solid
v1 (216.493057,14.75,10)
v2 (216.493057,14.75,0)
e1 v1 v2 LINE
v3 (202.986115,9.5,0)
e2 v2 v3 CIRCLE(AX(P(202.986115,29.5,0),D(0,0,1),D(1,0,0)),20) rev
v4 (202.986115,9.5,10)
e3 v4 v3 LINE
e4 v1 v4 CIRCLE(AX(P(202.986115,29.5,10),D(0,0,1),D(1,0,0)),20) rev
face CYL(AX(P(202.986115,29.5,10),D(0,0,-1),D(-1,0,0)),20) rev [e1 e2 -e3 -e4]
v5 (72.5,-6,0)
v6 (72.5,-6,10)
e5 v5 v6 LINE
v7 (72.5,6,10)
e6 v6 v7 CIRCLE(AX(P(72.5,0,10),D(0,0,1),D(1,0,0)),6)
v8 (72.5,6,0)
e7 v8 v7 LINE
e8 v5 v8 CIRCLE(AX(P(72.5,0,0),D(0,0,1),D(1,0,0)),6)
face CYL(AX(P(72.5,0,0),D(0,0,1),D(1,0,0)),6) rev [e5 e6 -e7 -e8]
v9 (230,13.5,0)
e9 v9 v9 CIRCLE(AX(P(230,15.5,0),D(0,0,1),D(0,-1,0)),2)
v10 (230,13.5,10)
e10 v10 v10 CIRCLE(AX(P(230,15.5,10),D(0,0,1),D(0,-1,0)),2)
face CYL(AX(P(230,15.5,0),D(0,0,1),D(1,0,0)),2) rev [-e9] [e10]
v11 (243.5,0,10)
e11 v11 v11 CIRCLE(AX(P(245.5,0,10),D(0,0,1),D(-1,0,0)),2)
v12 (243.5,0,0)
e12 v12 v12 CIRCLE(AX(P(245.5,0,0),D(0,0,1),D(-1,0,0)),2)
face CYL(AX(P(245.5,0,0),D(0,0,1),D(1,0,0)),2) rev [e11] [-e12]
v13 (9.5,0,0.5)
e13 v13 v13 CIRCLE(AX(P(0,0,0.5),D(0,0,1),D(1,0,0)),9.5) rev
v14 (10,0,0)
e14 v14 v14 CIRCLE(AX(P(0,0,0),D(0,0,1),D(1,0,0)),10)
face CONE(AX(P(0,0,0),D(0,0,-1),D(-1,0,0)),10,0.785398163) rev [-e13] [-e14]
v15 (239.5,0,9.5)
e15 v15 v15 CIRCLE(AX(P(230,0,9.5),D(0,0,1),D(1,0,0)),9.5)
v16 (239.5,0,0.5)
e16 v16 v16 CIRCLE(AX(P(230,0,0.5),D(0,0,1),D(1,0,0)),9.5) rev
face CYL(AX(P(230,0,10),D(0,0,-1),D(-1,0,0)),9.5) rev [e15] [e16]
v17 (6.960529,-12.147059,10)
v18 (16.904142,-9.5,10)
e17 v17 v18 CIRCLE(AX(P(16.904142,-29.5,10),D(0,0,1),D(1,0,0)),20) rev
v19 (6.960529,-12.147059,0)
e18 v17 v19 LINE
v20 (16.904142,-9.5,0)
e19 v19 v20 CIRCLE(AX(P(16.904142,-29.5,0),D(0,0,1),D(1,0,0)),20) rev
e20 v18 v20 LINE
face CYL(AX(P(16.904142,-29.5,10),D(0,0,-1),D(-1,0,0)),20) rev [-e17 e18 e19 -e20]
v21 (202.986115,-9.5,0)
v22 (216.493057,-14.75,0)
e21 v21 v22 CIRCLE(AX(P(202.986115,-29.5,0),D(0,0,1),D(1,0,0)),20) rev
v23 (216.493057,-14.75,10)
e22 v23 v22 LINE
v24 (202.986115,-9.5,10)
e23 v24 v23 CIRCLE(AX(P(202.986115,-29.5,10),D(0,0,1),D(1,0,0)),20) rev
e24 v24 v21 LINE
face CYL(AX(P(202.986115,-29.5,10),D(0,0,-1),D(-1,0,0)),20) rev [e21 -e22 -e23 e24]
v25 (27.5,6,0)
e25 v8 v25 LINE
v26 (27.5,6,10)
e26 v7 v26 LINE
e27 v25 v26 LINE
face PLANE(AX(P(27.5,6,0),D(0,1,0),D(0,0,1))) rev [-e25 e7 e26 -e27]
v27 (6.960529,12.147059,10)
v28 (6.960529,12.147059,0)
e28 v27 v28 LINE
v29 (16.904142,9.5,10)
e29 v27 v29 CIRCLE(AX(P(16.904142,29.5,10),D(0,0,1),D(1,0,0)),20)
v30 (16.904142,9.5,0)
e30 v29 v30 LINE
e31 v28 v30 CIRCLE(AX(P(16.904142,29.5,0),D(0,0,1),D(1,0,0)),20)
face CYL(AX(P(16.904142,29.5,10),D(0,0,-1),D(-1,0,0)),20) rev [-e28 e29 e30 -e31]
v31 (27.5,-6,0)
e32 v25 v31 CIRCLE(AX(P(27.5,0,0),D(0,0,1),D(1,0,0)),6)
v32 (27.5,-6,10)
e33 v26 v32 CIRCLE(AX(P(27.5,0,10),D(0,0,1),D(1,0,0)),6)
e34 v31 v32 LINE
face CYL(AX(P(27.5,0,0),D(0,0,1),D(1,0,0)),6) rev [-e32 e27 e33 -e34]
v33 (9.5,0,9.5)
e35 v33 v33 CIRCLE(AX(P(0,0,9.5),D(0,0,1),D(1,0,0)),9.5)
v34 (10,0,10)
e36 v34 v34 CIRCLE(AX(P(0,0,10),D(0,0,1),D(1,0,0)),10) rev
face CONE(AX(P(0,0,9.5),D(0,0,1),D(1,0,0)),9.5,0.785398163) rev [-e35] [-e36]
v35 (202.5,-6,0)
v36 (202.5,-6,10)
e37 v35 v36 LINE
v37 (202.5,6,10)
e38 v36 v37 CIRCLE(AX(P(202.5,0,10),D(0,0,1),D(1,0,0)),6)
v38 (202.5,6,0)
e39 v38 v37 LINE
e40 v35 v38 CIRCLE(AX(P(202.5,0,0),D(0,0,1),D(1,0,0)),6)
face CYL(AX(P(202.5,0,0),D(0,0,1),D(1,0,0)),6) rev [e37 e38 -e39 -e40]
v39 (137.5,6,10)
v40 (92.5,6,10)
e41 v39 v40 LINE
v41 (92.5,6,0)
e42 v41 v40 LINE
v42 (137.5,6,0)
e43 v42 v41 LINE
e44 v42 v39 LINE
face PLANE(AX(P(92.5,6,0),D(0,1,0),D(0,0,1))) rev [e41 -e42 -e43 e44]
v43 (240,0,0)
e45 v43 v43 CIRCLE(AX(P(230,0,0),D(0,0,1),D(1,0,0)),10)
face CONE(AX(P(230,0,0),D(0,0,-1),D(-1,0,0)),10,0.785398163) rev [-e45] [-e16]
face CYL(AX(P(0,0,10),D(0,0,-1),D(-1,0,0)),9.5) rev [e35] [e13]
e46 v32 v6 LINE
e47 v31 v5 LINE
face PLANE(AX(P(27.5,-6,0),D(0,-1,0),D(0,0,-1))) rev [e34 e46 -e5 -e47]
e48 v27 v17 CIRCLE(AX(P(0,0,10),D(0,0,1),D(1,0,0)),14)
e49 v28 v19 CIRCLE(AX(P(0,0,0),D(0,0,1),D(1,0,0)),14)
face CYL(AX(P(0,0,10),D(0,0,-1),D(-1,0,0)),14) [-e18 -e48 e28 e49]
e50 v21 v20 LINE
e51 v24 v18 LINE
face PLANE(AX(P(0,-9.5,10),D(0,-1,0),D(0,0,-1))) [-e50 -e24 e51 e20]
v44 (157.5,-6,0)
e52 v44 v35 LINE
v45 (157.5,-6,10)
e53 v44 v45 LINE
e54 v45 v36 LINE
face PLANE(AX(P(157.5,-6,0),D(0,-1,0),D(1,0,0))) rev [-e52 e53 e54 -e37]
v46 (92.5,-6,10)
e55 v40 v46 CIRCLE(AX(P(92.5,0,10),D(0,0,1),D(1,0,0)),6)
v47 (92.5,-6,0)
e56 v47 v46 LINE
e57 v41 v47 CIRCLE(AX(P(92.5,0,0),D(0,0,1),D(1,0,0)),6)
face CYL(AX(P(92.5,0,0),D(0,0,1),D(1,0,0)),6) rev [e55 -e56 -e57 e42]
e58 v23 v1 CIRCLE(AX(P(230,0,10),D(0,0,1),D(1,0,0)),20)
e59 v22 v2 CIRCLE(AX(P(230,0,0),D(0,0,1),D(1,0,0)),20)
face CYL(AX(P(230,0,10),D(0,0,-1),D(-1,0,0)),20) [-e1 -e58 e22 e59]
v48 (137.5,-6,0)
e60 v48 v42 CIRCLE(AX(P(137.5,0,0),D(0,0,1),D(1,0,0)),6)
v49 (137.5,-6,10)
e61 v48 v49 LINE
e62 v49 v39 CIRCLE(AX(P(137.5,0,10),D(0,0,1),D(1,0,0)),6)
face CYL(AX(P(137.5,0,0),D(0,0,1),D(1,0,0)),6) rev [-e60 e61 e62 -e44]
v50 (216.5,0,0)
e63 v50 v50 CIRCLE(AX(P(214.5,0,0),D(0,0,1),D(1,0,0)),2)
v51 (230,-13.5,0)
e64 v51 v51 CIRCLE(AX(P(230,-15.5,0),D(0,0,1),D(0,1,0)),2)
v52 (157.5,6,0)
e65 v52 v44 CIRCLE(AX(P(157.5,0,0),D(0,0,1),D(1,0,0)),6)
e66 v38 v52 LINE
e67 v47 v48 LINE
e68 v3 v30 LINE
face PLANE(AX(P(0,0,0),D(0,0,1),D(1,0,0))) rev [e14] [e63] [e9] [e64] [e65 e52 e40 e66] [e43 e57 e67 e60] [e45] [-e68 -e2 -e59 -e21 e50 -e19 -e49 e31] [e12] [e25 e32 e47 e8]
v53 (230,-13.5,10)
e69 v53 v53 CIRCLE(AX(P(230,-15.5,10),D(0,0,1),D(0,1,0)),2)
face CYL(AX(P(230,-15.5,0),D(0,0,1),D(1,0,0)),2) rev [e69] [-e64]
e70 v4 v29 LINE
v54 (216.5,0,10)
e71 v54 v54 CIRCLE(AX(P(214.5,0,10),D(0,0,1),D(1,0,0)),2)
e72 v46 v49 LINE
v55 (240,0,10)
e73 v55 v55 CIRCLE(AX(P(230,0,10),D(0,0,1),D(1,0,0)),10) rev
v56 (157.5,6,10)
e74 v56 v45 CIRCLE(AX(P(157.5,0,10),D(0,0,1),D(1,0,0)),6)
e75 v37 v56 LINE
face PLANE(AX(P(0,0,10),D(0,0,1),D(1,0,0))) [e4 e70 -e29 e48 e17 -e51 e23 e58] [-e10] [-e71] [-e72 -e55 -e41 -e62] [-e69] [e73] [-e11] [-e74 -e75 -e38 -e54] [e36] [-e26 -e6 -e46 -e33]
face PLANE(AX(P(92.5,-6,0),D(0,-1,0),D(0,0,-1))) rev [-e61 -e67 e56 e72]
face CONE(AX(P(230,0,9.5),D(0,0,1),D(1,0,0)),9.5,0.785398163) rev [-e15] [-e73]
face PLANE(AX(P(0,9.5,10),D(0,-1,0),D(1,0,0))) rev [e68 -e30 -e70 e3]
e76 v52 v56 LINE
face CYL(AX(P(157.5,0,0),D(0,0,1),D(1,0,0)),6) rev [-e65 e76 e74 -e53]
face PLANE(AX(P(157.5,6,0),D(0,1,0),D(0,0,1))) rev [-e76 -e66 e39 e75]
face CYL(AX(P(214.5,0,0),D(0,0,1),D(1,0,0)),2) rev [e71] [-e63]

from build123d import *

# Parameters (mm, degrees)
SKETCH_1_R               = 9.5
EXTRUDE_2_DEPTH          = 10
CHAMFER_1_SIZE           = 0.5
CUT_EXTRUDE_1_DEPTH      = 10
SKETCH_3_R               = 2
CUT_EXTRUDE_2_DEPTH      = 10
CHAMFER_2_SIZE           = 0.5
SKETCH_5_R               = 2
CUT_EXTRUDE_3_DEPTH      = 10
CHAMFER_3_SIZE           = 0.5
SKETCH_9_R               = 2
EXTRUDE_3_DEPTH          = 10
CUT_EXTRUDE_6_DEPTH      = 10
PATTERN_CIRCULAR_2_COUNT = 4


with BuildPart() as part:
    # 草图1 → 凸台-拉伸2 (new body)
    with BuildSketch(Plane.XY):
        with BuildLine():
            Line((20.821645942, -9.5), (202.986114682, -9.5))
            ThreePointArc((202.986114682, -9.5), (210.231803055, -10.858648118), (216.493057341, -14.75))
            ThreePointArc((216.493057341, -14.75), (250, 0), (216.493057341, 14.75))
            ThreePointArc((216.493057341, 14.75), (210.231803055, 10.858648118), (202.986114682, 9.5))
            Line((202.986114682, 9.5), (21.63860854, 9.5))
            Line((21.63860854, 9.5), (16.904141504, 9.5))
            ThreePointArc((16.904141504, 9.5), (11.75918395, 10.173090993), (6.960528855, 12.147058824))
            ThreePointArc((6.960528855, 12.147058824), (3.490452231, 13.557903349), (-0.229510749, 13.998118617))
            ThreePointArc((-0.229510749, 13.998118617), (-13.878745314, -1.838594167), (3.423256182, -13.575025492))
            ThreePointArc((3.423256182, -13.575025492), (5.240755683, -12.982083033), (6.960528855, -12.147058824))
            ThreePointArc((6.960528855, -12.147058824), (11.75918395, -10.173090993), (16.904141504, -9.5))
            Line((16.904141504, -9.5), (20.821645942, -9.5))
        make_face()
        Circle(SKETCH_1_R, mode=Mode.SUBTRACT)
        with Locations((230, 0)):
            Circle(SKETCH_1_R, mode=Mode.SUBTRACT)
    extrude(amount=EXTRUDE_2_DEPTH)

    # 倒角1
    chamfer_1_edges = [part.edges().sort_by_distance(p)[0] for p in [
        (-9.5, 0, 10),
        (-9.5, 0, 0),
    ]]
    chamfer(chamfer_1_edges, length=CHAMFER_1_SIZE)

    # 草图2 → 切除-拉伸1 (cut)
    with BuildSketch(Plane.XY.offset(10)):
        with BuildLine():
            Line((92.5, -6), (137.5, -6))
            ThreePointArc((137.5, -6), (143.5, 0), (137.5, 6))
            Line((137.5, 6), (92.5, 6))
            ThreePointArc((92.5, 6), (86.5, 0), (92.5, -6))
        make_face()
        with BuildLine():
            Line((157.5, -6), (202.5, -6))
            ThreePointArc((202.5, -6), (208.5, 0), (202.5, 6))
            Line((202.5, 6), (157.5, 6))
            ThreePointArc((157.5, 6), (151.5, 0), (157.5, -6))
        make_face()
        with BuildLine():
            Line((27.5, -6), (72.5, -6))
            ThreePointArc((72.5, -6), (78.5, 0), (72.5, 6))
            Line((72.5, 6), (27.5, 6))
            ThreePointArc((27.5, 6), (21.5, 0), (27.5, -6))
        make_face()
    extrude(amount=-CUT_EXTRUDE_1_DEPTH, mode=Mode.SUBTRACT)

    # 草图3 → 切除-拉伸2 (cut)
    with BuildSketch(Plane.XY.offset(10)):
        with Locations((222.5, 12.990381057)):
            Circle(SKETCH_3_R)
        with Locations((237.5, 12.990381057)):
            Circle(SKETCH_3_R)
        with Locations((245, 0)):
            Circle(SKETCH_3_R)
    extrude(amount=-CUT_EXTRUDE_2_DEPTH, mode=Mode.SUBTRACT)

    # 倒角2
    chamfer_2_edges = [part.edges().sort_by_distance(p)[0] for p in [
        (220.5, 0, 10),
    ]]
    chamfer(chamfer_2_edges, length=CHAMFER_2_SIZE)

    # 草图5 → 切除-拉伸3 (cut)
    with BuildSketch(Plane.XY.offset(10)):
        with Locations((215, 0)):
            Circle(SKETCH_5_R)
        with Locations((222.5, -12.990381057)):
            Circle(SKETCH_5_R)
        with Locations((237.5, -12.990381057)):
            Circle(SKETCH_5_R)
    extrude(amount=-CUT_EXTRUDE_3_DEPTH, mode=Mode.SUBTRACT)

    # 倒角3
    chamfer_3_edges = [part.edges().sort_by_distance(p)[0] for p in [
        (220.5, 0, 0),
    ]]
    chamfer(chamfer_3_edges, length=CHAMFER_3_SIZE)

    # 草图9 → 凸台-拉伸3 (add)
    with BuildSketch(Plane.XY.offset(10)):
        with Locations((215, 0)):
            Circle(SKETCH_9_R)
        with Locations((222.5, 12.990381057)):
            Circle(SKETCH_9_R)
        with Locations((237.5, 12.990381057)):
            Circle(SKETCH_9_R)
        with Locations((245, 0)):
            Circle(SKETCH_9_R)
        with Locations((237.5, -12.990381057)):
            Circle(SKETCH_9_R)
        with Locations((222.5, -12.990381057)):
            Circle(SKETCH_9_R)
    extrude(amount=-EXTRUDE_3_DEPTH)

    # 草图10 → 切除-拉伸6 (cut)
    with BuildSketch(Plane.XY.offset(10)):
        with BuildLine():
            ThreePointArc((214.629032258, -1.995833329), (215.959120371, -1.367833229), (216.5, 0))
            ThreePointArc((216.5, 0), (215.959120371, 1.367833229), (214.629032258, 1.995833329))
            ThreePointArc((214.629032258, 1.995833329), (212.5, 0), (214.629032258, -1.995833329))
        make_face()
    cut_extrude_6 = extrude(amount=-CUT_EXTRUDE_6_DEPTH, mode=Mode.SUBTRACT)

    # 阵列(圆周)2: 切除-拉伸6 ×4 about axis
    pattern_circular_2_axis = Axis((230, 0, 9.5), (0, 0, -1))
    for i in range(1, PATTERN_CIRCULAR_2_COUNT):
        add(cut_extrude_6.rotate(pattern_circular_2_axis, i * 360 / PATTERN_CIRCULAR_2_COUNT), mode=Mode.SUBTRACT)


solid = part.part
